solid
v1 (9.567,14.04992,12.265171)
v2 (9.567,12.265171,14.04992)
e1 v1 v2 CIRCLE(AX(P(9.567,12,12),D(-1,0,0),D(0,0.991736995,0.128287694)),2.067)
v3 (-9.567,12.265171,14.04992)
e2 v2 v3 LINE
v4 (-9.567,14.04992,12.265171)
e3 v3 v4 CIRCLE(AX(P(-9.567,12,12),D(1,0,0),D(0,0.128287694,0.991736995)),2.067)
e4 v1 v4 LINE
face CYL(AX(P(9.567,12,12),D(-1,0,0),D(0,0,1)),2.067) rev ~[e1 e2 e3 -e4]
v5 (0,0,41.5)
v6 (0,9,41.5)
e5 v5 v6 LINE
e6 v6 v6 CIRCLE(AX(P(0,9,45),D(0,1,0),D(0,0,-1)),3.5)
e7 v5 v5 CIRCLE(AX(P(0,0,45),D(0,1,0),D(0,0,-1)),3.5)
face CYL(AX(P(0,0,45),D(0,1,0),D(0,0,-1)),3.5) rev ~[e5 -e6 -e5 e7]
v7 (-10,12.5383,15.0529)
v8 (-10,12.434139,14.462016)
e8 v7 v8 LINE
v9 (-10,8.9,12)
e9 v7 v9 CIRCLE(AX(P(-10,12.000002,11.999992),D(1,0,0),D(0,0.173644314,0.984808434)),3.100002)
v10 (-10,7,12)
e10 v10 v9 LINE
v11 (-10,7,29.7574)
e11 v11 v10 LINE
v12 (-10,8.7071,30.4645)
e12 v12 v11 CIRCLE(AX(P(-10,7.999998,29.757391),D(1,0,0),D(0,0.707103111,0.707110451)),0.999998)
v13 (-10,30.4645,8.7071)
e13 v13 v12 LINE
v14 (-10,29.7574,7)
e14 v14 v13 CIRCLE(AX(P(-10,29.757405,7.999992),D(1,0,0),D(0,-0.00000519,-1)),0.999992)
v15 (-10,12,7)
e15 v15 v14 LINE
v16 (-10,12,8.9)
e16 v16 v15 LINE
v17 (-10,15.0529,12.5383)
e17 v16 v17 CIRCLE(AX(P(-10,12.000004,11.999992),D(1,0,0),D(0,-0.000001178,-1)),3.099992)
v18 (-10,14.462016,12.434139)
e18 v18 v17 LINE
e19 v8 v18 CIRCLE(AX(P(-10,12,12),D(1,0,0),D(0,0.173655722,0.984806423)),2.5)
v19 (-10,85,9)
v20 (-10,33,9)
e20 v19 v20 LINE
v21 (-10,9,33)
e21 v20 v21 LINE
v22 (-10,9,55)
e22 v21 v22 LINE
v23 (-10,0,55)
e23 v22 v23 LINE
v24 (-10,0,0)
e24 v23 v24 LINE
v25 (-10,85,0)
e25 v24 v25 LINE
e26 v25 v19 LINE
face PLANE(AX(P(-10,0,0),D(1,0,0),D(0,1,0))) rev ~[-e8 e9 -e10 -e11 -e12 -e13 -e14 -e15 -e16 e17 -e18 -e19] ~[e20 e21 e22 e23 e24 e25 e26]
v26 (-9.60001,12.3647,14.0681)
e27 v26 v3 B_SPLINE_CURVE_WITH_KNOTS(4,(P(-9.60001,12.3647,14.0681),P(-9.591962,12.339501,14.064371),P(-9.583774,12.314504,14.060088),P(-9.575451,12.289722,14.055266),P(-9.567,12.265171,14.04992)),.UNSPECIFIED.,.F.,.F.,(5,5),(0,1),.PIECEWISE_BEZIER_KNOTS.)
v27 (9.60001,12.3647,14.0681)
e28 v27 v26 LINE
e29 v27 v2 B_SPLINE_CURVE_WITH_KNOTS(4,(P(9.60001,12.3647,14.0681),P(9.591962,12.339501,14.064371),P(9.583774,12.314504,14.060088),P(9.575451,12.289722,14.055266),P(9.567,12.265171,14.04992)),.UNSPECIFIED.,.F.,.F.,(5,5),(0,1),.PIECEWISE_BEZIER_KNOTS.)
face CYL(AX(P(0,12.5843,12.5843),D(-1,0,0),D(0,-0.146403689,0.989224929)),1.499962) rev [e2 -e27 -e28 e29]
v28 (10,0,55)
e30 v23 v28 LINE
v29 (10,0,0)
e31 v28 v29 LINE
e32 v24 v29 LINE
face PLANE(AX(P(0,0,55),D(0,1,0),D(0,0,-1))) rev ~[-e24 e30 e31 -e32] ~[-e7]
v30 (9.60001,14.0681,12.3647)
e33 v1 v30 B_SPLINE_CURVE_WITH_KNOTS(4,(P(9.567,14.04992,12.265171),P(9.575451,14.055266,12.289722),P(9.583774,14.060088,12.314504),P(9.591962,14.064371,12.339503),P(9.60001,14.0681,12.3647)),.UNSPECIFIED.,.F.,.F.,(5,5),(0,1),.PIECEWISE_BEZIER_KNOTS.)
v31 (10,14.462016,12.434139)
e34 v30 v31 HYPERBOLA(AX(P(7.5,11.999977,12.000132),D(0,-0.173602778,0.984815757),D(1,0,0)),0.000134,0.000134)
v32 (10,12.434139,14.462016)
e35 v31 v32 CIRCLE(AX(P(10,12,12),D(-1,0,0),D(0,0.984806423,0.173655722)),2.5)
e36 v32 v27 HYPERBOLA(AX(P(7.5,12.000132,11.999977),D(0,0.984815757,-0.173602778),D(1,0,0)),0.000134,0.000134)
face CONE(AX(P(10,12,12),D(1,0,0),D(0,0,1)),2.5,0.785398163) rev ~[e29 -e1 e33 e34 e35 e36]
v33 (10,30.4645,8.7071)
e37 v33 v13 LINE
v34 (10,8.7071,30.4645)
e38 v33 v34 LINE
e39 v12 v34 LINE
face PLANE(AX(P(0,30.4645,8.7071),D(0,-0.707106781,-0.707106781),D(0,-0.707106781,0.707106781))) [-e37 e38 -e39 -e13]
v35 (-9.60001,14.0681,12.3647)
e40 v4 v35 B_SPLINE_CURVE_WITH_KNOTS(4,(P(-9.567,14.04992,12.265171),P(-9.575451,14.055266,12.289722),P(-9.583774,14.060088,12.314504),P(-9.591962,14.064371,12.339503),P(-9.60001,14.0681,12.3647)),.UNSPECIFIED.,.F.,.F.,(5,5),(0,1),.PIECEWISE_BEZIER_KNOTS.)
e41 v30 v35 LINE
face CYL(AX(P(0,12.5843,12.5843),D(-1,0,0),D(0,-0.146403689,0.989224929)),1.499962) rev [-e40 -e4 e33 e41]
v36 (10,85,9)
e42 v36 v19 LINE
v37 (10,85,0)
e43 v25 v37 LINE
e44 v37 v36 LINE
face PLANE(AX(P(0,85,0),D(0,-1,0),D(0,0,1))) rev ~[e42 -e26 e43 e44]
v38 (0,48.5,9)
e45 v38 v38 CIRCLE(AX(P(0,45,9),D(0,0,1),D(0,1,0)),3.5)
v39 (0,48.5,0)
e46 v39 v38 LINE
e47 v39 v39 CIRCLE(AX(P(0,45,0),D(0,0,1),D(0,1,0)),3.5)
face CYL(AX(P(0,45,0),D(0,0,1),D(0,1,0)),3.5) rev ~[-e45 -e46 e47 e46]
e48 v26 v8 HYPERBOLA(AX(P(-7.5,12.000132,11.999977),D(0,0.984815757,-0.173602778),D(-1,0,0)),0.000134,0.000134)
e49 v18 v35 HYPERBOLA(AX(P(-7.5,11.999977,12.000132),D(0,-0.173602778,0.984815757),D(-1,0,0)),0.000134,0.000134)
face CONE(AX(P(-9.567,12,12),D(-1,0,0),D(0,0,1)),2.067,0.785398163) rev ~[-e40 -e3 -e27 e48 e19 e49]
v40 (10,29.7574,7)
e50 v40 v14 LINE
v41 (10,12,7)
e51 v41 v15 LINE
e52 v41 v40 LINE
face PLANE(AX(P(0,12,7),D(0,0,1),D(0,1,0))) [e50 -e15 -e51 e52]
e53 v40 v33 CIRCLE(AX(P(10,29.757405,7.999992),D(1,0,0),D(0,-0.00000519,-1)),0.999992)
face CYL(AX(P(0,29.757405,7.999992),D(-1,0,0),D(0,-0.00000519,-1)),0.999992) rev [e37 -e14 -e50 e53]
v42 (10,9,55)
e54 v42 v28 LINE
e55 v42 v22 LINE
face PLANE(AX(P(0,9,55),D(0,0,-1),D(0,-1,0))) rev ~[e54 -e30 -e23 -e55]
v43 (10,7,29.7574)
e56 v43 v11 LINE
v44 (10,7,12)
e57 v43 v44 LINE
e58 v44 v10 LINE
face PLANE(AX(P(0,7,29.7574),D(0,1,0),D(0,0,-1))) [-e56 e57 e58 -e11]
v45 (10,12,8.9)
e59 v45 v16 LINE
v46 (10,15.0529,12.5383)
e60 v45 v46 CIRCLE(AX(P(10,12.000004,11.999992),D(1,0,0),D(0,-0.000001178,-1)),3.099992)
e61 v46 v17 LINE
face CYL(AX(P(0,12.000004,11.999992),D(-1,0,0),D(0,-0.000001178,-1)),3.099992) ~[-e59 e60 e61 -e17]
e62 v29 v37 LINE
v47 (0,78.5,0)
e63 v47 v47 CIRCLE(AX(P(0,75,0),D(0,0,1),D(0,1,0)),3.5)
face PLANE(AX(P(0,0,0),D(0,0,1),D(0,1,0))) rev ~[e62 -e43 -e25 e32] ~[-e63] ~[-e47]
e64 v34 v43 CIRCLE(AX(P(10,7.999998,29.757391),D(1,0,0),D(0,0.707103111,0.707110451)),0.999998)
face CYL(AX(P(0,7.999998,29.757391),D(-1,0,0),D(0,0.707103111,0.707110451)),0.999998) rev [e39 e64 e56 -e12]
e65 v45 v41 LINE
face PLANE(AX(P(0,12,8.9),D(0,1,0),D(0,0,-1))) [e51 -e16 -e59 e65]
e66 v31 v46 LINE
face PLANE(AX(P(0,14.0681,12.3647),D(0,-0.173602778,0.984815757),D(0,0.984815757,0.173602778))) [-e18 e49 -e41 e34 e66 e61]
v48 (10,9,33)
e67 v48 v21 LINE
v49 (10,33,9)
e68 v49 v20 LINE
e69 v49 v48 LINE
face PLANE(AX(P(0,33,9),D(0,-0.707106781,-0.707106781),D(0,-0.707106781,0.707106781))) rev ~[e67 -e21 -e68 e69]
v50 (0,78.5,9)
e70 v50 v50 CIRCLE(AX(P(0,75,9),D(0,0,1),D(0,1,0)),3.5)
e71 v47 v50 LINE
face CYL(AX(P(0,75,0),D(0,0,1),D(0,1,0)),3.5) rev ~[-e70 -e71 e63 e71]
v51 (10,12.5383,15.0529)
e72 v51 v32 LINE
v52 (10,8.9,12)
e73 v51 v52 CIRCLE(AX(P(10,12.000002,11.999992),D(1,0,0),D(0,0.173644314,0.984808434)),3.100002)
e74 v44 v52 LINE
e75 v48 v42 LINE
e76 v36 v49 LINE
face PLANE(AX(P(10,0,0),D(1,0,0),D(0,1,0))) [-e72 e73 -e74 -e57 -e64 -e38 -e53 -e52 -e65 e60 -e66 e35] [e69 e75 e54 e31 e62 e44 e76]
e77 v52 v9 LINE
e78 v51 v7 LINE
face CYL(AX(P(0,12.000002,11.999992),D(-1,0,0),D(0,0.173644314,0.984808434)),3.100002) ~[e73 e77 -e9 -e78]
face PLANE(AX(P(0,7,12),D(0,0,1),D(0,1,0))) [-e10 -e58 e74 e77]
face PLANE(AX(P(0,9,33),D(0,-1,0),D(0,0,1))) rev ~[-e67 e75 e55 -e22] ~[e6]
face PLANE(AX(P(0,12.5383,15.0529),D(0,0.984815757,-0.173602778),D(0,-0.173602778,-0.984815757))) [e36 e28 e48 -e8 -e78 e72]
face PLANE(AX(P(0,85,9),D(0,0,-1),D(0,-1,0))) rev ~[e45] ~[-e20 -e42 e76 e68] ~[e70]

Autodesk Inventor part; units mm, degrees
sketch "Sketch_1" plane through (0, 0, 0) normal (1, 0, 0) x (0, 1, 0)
  line L0 (0, 55) -> (0, 0)
  line L1 (0, 0) -> (85, 0)
  line L2 (85, 0) -> (85, 9)
  line L3 (85, 9) -> (33, 9)
  line L4 (33, 9) -> (9, 33)
  line L5 (9, 33) -> (9, 55)
  line L6 (9, 55) -> (0, 55)
  arc A0 (8.7071, 30.4645) -> (7, 29.7574) centre (8, 29.7574) ccw
  line L7 (7, 29.7574) -> (7, 12)
  line L8 (7, 12) -> (8.9, 12)
  arc A1 (12.5383, 15.0529) -> (8.9, 12) centre (12, 12) ccw
  line L9 (12.5383, 15.0529) -> (12.3647, 14.0681)
  arc A2 (12.3647, 14.0681) -> (14.0681, 12.3647) centre (12.5843, 12.5843) ccw
  line L10 (14.0681, 12.3647) -> (15.0529, 12.5383)
  arc A3 (12, 8.9) -> (15.0529, 12.5383) centre (12, 12) ccw
  line L11 (12, 8.9) -> (12, 7)
  line L12 (12, 7) -> (29.7574, 7)
  arc A4 (29.7574, 7) -> (30.4645, 8.7071) centre (29.7574, 8) ccw
  line L13 (30.4645, 8.7071) -> (8.7071, 30.4645)
extrude "Extrusion1" add sketch "Sketch_1" along normal mid plane 20
sketch "Sketch_10" plane through (0, 12, 0) normal (0, 1, 0) x (1, 0, 0)
  line L0 (-10, -12) -> (10, -12)
  line L1 (10, -12) -> (10, -14.5)
  line L2 (10, -14.5) -> (9.567, -14.067)
  line L3 (9.567, -14.067) -> (-9.567, -14.067)
  line L4 (-9.567, -14.067) -> (-10, -14.5)
  line L5 (-10, -14.5) -> (-10, -12)
  line L6 (-10, -12) -> (10, -12)
revolve "Revolution1" cut sketch "Sketch_10" angle 360 about axis through (-10, 12, 12) along (-1, 0, 0)
thread "Thread1" size "M5x0.8" class "6H" standard "ISO Metric profile" full length
sketch "Sketch3" plane through (10, 0, 0) normal (0, 0, -1) x (-1, 0, 0)
  point P0 (10, 45)
hole "Hole1" at (0, 45, 0) direction (0, 0, 1) diameter 7 depth 9
sketch "Sketch4" plane through (-10, 0, 55) normal (0, -1, 0) x (1, 0, 0)
  point P0 (10, -10)
hole "Hole2" at (0, 0, 45) direction (0, 1, 0) diameter 7 depth 9
sketch "Sketch5" plane through (10, 0, 0) normal (0, 0, -1) x (-1, 0, 0)
  point P0 (10, 75)
hole "Hole3" at (0, 75, 0) direction (0, 0, 1) diameter 7 depth 9
ref_plane "a10_to_bolt_XY" through (0, 9, 75) normal (0, 1, 0) x (1, 0, 0)
ref_plane "a10_to_bolt_YZ" through (0, 9, 75) normal (1, 0, 0) x (0, 0, -1)
ref_plane "a10_to_bolt_ZX" through (0, 9, 75) normal (0, 0, -1) x (0, 1, 0)
ref_plane "a11_to_bolt_XY" through (0, 75, 9) normal (0, 0, 1) x (1, 0, 0)
ref_plane "a11_to_bolt_YZ" through (0, 75, 9) normal (1, 0, 0) x (0, 1, 0)
ref_plane "a11_to_bolt_ZX" through (0, 75, 9) normal (0, 1, 0) x (0, 0, 1)
ref_plane "a13_to_bolt_XY" through (20, 75, 9) normal (0, 0, 1) x (1, 0, 0)
ref_plane "a13_to_bolt_YZ" through (20, 75, 9) normal (1, 0, 0) x (0, 1, 0)
ref_plane "a13_to_bolt_ZX" through (20, 75, 9) normal (0, 1, 0) x (0, 0, 1)
ref_plane "a14_to_bolt_XY" through (-20, 75, 9) normal (0, 0, 1) x (1, 0, 0)
ref_plane "a14_to_bolt_YZ" through (-20, 75, 9) normal (1, 0, 0) x (0, 1, 0)
ref_plane "a14_to_bolt_ZX" through (-20, 75, 9) normal (0, 1, 0) x (0, 0, 1)
ref_plane "a15_to_bolt_XY" through (20, 45, 9) normal (0, 0, 1) x (1, 0, 0)
ref_plane "a15_to_bolt_YZ" through (20, 45, 9) normal (1, 0, 0) x (0, 1, 0)
ref_plane "a15_to_bolt_ZX" through (20, 45, 9) normal (0, 1, 0) x (0, 0, 1)
ref_plane "a16_to_bolt_XY" through (-20, 45, 9) normal (0, 0, 1) x (1, 0, 0)
ref_plane "a16_to_bolt_YZ" through (-20, 45, 9) normal (1, 0, 0) x (0, 1, 0)
ref_plane "a16_to_bolt_ZX" through (-20, 45, 9) normal (0, 1, 0) x (0, 0, 1)
ref_plane "a17_to_bolt_XY" through (20, 9, 75) normal (0, 1, 0) x (1, 0, 0)
ref_plane "a17_to_bolt_YZ" through (20, 9, 75) normal (1, 0, 0) x (0, 0, -1)
ref_plane "a17_to_bolt_ZX" through (20, 9, 75) normal (0, 0, -1) x (0, 1, 0)
ref_plane "a18_XY" through (-20, 9, 75) normal (0, 1, 0) x (1, 0, 0)
ref_plane "a18_YZ" through (-20, 9, 75) normal (1, 0, 0) x (0, 0, -1)
ref_plane "a18_ZX" through (-20, 9, 75) normal (0, 0, -1) x (0, 1, 0)
ref_plane "a19_to_bolt_XY" through (20, 9, 45) normal (0, 1, 0) x (1, 0, 0)
ref_plane "a19_to_bolt_YZ" through (20, 9, 45) normal (1, 0, 0) x (0, 0, -1)
ref_plane "a19_to_bolt_ZX" through (20, 9, 45) normal (0, 0, -1) x (0, 1, 0)
ref_plane "a1_to_bolt_XY" through (0, 45, 9) normal (0, 0, 1) x (1, 0, 0)
ref_plane "a1_to_bolt_YZ" through (0, 45, 9) normal (1, 0, 0) x (0, 1, 0)
ref_plane "a1_to_bolt_ZX" through (0, 45, 9) normal (0, 1, 0) x (0, 0, 1)
ref_plane "a20_to_bolt_XY" through (-20, 9, 45) normal (0, 1, 0) x (1, 0, 0)
ref_plane "a20_to_bolt_YZ" through (-20, 9, 45) normal (1, 0, 0) x (0, 0, -1)
ref_plane "a20_to_bolt_ZX" through (-20, 9, 45) normal (0, 0, -1) x (0, 1, 0)
ref_plane "a2_to_bolt_XY" through (0, 9, 45) normal (0, 1, 0) x (1, 0, 0)
ref_plane "a2_to_bolt_YZ" through (0, 9, 45) normal (1, 0, 0) x (0, 0, -1)
ref_plane "a2_to_bolt_ZX" through (0, 9, 45) normal (0, 0, -1) x (0, 1, 0)
ref_plane "a3_to_bolt_XY" through (0, 75, 9) normal (0, 0, 1) x (1, 0, 0)
ref_plane "a3_to_bolt_YZ" through (0, 75, 9) normal (1, 0, 0) x (0, 1, 0)
ref_plane "a3_to_bolt_ZX" through (0, 75, 9) normal (0, 1, 0) x (0, 0, 1)
ref_plane "a4_to_bolt_XY" through (0, 75, 9) normal (0, 0, 1) x (1, 0, 0)
ref_plane "a4_to_bolt_YZ" through (0, 75, 9) normal (1, 0, 0) x (0, 1, 0)
ref_plane "a4_to_bolt_ZX" through (0, 75, 9) normal (0, 1, 0) x (0, 0, 1)
ref_plane "a5_to_bolt_XY" through (0, 9, 75) normal (0, 1, 0) x (1, 0, 0)
ref_plane "a5_to_bolt_YZ" through (0, 9, 75) normal (1, 0, 0) x (0, 0, -1)
ref_plane "a5_to_bolt_ZX" through (0, 9, 75) normal (0, 0, -1) x (0, 1, 0)
ref_plane "a6_to_bolt_XY" through (0, 9, 75) normal (0, 1, 0) x (1, 0, 0)
ref_plane "a6_to_bolt_YZ" through (0, 9, 75) normal (1, 0, 0) x (0, 0, -1)
ref_plane "a6_to_bolt_ZX" through (0, 9, 75) normal (0, 0, -1) x (0, 1, 0)
ref_plane "a7_to_bolt_XY" through (0, 75, 9) normal (0, 0, 1) x (1, 0, 0)
ref_plane "a7_to_bolt_YZ" through (0, 75, 9) normal (1, 0, 0) x (0, 1, 0)
ref_plane "a7_to_bolt_ZX" through (0, 75, 9) normal (0, 1, 0) x (0, 0, 1)
ref_plane "a8_to_bolt_XY" through (0, 75, 9) normal (0, 0, 1) x (1, 0, 0)
ref_plane "a8_to_bolt_YZ" through (0, 75, 9) normal (1, 0, 0) x (0, 1, 0)
ref_plane "a8_to_bolt_ZX" through (0, 75, 9) normal (0, 1, 0) x (0, 0, 1)
ref_plane "a9_to_bolt_XY" through (0, 9, 75) normal (0, 1, 0) x (1, 0, 0)
ref_plane "a9_to_bolt_YZ" through (0, 9, 75) normal (1, 0, 0) x (0, 0, -1)
ref_plane "a9_to_bolt_ZX" through (0, 9, 75) normal (0, 0, -1) x (0, 1, 0)
ref_plane "bracket_to_dummy_XY" through (0, 0, 0) normal (0, 1, 0) x (1, 0, 0)
ref_plane "bracket_to_dummy_YZ" through (0, 0, 0) normal (1, 0, 0) x (0, 0, -1)
ref_plane "bracket_to_dummy_ZX" through (0, 0, 0) normal (0, 0, -1) x (0, 1, 0)
ref_plane "h12_to_bolt_XY" through (0, 9, 75) normal (0, 1, 0) x (1, 0, 0)
ref_plane "h12_to_bolt_YZ" through (0, 9, 75) normal (1, 0, 0) x (0, 0, -1)
ref_plane "h12_to_bolt_ZX" through (0, 9, 75) normal (0, 0, -1) x (0, 1, 0)
properties part number "HBLTF6-C_"
